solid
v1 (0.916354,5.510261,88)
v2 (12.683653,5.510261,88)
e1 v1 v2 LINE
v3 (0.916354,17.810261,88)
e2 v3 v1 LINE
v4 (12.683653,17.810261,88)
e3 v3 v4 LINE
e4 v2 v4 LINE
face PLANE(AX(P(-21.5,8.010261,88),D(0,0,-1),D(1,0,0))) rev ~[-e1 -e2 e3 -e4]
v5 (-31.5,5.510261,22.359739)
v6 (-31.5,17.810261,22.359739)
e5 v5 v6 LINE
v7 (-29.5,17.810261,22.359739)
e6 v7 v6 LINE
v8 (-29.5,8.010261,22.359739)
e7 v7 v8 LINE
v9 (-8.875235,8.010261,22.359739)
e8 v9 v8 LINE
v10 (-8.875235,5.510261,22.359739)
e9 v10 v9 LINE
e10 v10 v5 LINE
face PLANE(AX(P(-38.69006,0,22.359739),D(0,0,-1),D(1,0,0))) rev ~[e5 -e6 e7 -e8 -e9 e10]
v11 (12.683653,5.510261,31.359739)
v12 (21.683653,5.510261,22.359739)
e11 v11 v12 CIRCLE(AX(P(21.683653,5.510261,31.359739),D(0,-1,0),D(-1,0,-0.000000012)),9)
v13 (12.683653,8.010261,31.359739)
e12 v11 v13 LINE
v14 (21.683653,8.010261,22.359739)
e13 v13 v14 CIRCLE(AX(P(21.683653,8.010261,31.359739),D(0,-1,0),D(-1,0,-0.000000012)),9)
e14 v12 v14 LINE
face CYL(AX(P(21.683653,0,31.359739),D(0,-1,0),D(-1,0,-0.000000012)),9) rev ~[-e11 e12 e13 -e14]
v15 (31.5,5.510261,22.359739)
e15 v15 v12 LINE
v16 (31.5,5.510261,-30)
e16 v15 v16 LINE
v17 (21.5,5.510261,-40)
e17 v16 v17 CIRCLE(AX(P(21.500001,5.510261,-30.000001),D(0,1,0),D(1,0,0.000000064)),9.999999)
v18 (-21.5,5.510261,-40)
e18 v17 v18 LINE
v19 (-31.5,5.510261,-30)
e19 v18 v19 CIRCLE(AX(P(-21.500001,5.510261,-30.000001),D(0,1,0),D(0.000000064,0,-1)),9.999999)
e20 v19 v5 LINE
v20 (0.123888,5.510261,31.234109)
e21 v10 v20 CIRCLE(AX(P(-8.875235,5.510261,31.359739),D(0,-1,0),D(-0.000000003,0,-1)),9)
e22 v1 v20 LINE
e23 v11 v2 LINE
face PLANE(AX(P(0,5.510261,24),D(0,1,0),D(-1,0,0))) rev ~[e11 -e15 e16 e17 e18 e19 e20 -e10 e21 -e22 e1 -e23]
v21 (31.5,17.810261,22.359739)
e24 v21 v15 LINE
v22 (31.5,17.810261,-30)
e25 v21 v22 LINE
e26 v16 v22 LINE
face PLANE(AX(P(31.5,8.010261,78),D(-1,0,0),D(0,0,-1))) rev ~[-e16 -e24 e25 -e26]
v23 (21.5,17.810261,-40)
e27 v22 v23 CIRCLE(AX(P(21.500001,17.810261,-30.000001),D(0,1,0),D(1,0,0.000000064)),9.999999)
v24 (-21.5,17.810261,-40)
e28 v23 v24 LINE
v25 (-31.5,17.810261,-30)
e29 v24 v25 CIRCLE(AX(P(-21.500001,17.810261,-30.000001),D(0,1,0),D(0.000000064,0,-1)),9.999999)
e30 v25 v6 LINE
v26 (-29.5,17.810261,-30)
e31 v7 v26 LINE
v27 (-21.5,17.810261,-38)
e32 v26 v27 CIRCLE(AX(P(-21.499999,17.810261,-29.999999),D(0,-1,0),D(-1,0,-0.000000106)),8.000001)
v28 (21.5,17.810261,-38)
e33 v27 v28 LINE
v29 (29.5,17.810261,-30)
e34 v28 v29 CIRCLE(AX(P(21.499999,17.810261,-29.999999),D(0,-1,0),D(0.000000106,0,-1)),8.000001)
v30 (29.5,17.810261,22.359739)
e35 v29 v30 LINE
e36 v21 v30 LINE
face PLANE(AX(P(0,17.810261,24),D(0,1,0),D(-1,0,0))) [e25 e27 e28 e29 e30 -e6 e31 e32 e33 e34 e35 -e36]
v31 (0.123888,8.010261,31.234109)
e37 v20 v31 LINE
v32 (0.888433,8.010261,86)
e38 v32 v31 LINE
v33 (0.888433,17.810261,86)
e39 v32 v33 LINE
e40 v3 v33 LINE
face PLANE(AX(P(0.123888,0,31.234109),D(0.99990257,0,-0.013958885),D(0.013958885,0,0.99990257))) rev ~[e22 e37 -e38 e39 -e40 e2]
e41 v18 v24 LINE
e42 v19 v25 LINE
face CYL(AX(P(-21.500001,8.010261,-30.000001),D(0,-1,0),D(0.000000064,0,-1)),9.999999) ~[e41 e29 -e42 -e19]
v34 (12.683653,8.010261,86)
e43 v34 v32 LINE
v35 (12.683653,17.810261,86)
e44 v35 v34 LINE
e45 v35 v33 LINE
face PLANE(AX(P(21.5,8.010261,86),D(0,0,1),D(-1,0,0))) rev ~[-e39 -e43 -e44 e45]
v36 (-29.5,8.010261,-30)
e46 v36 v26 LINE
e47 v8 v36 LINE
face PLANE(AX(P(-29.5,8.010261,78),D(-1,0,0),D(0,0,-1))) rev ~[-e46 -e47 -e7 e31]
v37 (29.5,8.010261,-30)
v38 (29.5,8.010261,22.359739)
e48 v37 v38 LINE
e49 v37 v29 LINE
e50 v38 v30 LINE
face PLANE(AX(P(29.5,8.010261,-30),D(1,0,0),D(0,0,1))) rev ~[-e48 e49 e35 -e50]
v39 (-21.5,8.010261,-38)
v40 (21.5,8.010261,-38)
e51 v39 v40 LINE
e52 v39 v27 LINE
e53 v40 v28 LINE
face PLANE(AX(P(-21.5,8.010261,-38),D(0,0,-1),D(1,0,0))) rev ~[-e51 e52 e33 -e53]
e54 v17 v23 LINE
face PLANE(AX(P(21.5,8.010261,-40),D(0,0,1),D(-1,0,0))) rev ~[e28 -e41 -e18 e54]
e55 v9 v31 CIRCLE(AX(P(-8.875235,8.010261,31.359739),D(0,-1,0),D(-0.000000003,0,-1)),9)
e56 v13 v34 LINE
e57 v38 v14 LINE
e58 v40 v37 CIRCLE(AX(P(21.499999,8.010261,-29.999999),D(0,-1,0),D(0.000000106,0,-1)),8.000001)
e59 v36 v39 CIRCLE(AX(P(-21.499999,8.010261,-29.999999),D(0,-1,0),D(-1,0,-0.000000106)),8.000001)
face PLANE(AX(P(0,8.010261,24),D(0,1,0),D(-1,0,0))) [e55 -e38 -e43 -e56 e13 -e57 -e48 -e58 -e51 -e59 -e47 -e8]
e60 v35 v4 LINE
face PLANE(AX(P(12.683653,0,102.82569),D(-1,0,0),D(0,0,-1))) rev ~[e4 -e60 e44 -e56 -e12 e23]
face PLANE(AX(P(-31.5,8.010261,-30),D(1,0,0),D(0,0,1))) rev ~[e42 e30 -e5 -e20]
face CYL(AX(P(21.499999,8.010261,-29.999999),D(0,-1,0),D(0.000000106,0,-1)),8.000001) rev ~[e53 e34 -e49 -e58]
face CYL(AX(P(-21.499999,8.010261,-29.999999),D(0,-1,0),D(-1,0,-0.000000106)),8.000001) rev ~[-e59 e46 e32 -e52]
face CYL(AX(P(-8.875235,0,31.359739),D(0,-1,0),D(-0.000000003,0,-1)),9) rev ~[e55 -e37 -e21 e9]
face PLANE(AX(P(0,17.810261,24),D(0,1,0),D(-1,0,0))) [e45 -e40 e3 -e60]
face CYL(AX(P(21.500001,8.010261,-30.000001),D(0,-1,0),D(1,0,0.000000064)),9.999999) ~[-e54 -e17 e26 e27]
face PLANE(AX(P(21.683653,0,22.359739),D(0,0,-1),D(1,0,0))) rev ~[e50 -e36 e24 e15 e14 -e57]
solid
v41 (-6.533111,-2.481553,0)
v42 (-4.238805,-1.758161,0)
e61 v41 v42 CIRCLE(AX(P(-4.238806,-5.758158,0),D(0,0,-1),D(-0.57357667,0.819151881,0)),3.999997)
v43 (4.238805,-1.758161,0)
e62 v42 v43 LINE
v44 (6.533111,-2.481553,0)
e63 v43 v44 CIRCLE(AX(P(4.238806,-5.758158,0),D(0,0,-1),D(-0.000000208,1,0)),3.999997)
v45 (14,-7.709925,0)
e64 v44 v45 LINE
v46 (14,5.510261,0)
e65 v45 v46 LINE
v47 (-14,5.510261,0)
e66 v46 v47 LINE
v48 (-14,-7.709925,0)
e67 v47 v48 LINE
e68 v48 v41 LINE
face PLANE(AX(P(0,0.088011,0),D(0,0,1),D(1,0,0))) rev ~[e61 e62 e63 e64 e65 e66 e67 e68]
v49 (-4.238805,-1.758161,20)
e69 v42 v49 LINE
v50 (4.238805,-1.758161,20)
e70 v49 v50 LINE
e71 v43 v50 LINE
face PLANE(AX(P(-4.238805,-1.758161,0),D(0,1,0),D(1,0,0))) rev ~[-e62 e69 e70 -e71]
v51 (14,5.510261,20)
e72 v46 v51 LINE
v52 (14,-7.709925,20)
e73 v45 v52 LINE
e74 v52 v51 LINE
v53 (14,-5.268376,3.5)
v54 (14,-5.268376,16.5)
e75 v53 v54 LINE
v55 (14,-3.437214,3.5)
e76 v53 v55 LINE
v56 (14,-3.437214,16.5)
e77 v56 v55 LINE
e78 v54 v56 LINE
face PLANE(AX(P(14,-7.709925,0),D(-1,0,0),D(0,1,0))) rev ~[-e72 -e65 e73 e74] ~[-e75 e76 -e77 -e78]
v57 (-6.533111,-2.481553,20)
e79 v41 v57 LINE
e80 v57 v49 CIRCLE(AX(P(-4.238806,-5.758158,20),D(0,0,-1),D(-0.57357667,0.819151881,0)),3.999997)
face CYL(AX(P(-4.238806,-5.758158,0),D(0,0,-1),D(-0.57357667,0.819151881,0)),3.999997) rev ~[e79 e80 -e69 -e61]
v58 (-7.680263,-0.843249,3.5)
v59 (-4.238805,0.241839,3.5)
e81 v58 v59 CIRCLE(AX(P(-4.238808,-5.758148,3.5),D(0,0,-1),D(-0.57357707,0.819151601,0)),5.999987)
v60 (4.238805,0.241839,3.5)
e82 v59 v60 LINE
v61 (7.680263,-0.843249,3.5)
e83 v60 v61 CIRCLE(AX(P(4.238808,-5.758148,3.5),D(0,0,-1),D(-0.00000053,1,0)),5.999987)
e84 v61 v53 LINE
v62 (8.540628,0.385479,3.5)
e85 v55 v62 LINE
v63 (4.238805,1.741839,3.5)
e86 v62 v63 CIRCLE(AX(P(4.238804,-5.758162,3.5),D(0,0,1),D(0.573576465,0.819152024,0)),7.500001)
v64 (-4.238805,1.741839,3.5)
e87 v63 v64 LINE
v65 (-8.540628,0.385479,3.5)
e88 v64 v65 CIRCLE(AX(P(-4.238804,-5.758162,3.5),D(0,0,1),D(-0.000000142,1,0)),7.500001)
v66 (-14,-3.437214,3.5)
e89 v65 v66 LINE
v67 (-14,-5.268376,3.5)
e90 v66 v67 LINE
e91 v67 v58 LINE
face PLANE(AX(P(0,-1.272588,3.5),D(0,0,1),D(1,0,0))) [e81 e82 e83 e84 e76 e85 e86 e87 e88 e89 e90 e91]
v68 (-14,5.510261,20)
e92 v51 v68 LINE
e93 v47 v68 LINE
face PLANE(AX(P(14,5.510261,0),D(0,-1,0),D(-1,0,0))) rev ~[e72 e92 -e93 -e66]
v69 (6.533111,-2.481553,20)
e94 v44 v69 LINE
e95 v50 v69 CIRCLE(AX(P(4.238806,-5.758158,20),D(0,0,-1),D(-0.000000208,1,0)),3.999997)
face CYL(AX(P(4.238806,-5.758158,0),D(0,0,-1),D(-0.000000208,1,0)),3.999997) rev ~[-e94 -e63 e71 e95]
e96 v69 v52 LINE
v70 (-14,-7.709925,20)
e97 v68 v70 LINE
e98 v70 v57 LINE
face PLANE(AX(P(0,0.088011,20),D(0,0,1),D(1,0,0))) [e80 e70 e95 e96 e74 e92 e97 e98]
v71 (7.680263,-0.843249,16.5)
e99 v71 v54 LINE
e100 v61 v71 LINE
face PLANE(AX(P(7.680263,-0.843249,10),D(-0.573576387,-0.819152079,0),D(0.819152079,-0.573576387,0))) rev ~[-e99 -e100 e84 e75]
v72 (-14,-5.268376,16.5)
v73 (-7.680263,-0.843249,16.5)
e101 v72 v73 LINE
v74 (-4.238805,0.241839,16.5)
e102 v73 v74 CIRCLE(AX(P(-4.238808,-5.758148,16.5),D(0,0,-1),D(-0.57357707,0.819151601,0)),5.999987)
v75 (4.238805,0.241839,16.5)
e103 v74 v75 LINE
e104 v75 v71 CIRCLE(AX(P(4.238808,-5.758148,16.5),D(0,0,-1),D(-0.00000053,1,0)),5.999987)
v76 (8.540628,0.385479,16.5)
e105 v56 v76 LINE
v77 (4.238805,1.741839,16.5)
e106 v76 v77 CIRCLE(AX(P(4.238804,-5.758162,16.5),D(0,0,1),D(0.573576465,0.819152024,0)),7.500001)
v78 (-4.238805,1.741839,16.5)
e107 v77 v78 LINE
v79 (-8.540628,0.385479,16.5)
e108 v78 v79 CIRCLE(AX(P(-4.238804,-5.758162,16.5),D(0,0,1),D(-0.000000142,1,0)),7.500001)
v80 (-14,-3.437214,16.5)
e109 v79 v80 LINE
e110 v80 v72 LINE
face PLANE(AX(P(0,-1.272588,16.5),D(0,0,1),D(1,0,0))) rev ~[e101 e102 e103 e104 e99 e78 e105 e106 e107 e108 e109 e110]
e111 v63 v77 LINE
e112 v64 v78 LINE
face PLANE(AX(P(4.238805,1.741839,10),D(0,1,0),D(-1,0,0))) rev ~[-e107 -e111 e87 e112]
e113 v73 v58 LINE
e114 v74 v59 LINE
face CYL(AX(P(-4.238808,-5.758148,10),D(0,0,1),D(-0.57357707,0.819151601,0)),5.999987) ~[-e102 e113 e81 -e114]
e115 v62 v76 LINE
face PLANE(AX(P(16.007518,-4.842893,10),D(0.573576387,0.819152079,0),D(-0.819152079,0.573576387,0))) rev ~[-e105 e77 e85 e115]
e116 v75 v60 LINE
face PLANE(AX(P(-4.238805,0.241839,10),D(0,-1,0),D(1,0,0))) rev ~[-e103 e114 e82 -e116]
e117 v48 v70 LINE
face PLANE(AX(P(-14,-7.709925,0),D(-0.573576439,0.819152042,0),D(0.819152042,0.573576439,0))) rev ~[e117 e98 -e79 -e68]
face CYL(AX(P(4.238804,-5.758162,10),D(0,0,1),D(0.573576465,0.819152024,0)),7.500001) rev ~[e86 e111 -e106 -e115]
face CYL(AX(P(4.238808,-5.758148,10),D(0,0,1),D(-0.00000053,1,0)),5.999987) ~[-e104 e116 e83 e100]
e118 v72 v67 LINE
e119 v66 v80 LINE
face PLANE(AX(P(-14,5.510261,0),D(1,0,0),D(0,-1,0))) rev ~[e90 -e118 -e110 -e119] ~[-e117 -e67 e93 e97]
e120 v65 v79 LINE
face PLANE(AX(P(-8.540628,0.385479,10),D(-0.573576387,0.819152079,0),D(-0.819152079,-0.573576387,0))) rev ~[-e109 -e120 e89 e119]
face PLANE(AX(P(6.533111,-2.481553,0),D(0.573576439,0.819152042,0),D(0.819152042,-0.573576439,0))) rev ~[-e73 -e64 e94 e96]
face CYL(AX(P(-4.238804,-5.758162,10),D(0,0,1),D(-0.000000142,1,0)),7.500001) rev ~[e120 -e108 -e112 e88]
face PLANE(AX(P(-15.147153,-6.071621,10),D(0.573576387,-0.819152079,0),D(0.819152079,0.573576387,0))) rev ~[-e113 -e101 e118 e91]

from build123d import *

# Parameters (mm, degrees)
F2_DEPTH  = 20
F4_DEPTH  = 6.5
F7_DEPTH  = 2.5
F9_DEPTH  = 9.8
F10_DEPTH = 25


with BuildPart() as f2:
    # F1 (on Top) → F2 (new body)
    with BuildSketch(Plane.XY):
        with BuildLine():
            Line((14, 5.510261), (-14, 5.510261))
            Line((-14, 5.510261), (-14, -7.709925))
            Line((-14, -7.709925), (-6.533111, -2.481553))
            ThreePointArc((-6.533111, -2.481553), (-5.441628, -1.943293), (-4.238805, -1.758161))
            Line((-4.238805, -1.758161), (4.238805, -1.758161))
            ThreePointArc((4.238805, -1.758161), (5.441628, -1.943293), (6.533111, -2.481553))
            Line((6.533111, -2.481553), (14, -7.709925))
            Line((14, -7.709925), (14, 5.510261))
        make_face()
    extrude(amount=F2_DEPTH)

    # F3 (on offset) → F4 (cut, symmetric)
    with BuildSketch(Plane.XY.offset(10)):
        with BuildLine():
            ThreePointArc((4.238805, 0.241839), (6.04304, -0.035859), (7.680263, -0.843249))
            Line((7.680263, -0.843249), (15.147153, -6.071621))
            Line((15.147153, -6.071621), (16.007518, -4.842893))
            Line((16.007518, -4.842893), (8.540628, 0.385479))
            ThreePointArc((8.540628, 0.385479), (6.494098, 1.394716), (4.238805, 1.741839))
            Line((4.238805, 1.741839), (-4.238805, 1.741839))
            ThreePointArc((-4.238805, 1.741839), (-6.494098, 1.394716), (-8.540628, 0.385479))
            Line((-8.540628, 0.385479), (-16.007518, -4.842893))
            Line((-16.007518, -4.842893), (-15.147153, -6.071621))
            Line((-15.147153, -6.071621), (-7.680263, -0.843249))
            ThreePointArc((-7.680263, -0.843249), (-6.04304, -0.035859), (-4.238805, 0.241839))
            Line((-4.238805, 0.241839), (4.238805, 0.241839))
        make_face()
    extrude(amount=F4_DEPTH, both=True, mode=Mode.SUBTRACT)


with BuildPart() as f7:
    # F5 (on face) → F7 (new body)
    with BuildSketch(Plane(origin=(0, 5.510261, 0), x_dir=(-1, 0, 0), z_dir=(0, 1, 0))):
        with BuildLine():
            Line((21.5, 88), (-21.5, 88))
            ThreePointArc((-21.5, 88), (-28.571068, 85.071068), (-31.5, 78))
            Line((-31.5, 78), (-31.5, -30))
            ThreePointArc((-31.5, -30), (-28.571068, -37.071068), (-21.5, -40))
            Line((-21.5, -40), (21.5, -40))
            ThreePointArc((21.5, -40), (28.571068, -37.071068), (31.5, -30))
            Line((31.5, -30), (31.5, 78))
            ThreePointArc((31.5, 78), (28.571068, 85.071068), (21.5, 88))
        make_face()
    extrude(amount=F7_DEPTH)

    # F8 (on face) → F9 (join)
    with BuildSketch(Plane(origin=(0, 8.010261, 0), x_dir=(-1, 0, 0), z_dir=(0, 1, 0))):
        with BuildLine():
            Line((-31.5, 78), (-31.5, -30))
            ThreePointArc((-31.5, -30), (-28.571068, -37.071068), (-21.5, -40))
            Line((-21.5, -40), (21.5, -40))
            ThreePointArc((21.5, -40), (28.571068, -37.071068), (31.5, -30))
            Line((31.5, -30), (31.5, 78))
            ThreePointArc((31.5, 78), (28.571068, 85.071068), (21.5, 88))
            Line((21.5, 88), (-21.5, 88))
            ThreePointArc((-21.5, 88), (-28.571068, 85.071068), (-31.5, 78))
        make_face()
        with BuildLine():
            Line((-29.5, -30), (-29.5, 78))
            ThreePointArc((-29.5, 78), (-27.156854, 83.656854), (-21.5, 86))
            Line((-21.5, 86), (21.5, 86))
            ThreePointArc((21.5, 86), (27.156854, 83.656854), (29.5, 78))
            Line((29.5, 78), (29.5, -30))
            ThreePointArc((29.5, -30), (27.156854, -35.656854), (21.5, -38))
            Line((21.5, -38), (-21.5, -38))
            ThreePointArc((-21.5, -38), (-27.156854, -35.656854), (-29.5, -30))
        make_face(mode=Mode.SUBTRACT)
    extrude(amount=F9_DEPTH)

    # F6 (on Front) → F10 (cut)
    with BuildSketch(Plane.XZ):
        with BuildLine():
            ThreePointArc((12.683653, 31.359739), (15.319692, 24.995778), (21.683653, 22.359739))
            Line((21.683653, 22.359739), (32.072476, 22.359739))
            Line((32.072476, 22.359739), (32.072476, 102.717368))
            Line((32.072476, 102.717368), (12.683653, 102.82569))
            Line((12.683653, 102.82569), (12.683653, 31.359739))
        make_face()
        with BuildLine():
            Line((0.123888, 31.234109), (1.123324, 102.82569))
            Line((1.123324, 102.82569), (-38.69006, 102.82569))
            Line((-38.69006, 102.82569), (-38.69006, 22.359739))
            Line((-38.69006, 22.359739), (-8.875235, 22.359739))
            ThreePointArc((-8.875235, 22.359739), (-2.555847, 24.951515), (0.123888, 31.234109))
        make_face()
    extrude(amount=-F10_DEPTH, mode=Mode.SUBTRACT)


solid = Compound([f2.part, f7.part])
